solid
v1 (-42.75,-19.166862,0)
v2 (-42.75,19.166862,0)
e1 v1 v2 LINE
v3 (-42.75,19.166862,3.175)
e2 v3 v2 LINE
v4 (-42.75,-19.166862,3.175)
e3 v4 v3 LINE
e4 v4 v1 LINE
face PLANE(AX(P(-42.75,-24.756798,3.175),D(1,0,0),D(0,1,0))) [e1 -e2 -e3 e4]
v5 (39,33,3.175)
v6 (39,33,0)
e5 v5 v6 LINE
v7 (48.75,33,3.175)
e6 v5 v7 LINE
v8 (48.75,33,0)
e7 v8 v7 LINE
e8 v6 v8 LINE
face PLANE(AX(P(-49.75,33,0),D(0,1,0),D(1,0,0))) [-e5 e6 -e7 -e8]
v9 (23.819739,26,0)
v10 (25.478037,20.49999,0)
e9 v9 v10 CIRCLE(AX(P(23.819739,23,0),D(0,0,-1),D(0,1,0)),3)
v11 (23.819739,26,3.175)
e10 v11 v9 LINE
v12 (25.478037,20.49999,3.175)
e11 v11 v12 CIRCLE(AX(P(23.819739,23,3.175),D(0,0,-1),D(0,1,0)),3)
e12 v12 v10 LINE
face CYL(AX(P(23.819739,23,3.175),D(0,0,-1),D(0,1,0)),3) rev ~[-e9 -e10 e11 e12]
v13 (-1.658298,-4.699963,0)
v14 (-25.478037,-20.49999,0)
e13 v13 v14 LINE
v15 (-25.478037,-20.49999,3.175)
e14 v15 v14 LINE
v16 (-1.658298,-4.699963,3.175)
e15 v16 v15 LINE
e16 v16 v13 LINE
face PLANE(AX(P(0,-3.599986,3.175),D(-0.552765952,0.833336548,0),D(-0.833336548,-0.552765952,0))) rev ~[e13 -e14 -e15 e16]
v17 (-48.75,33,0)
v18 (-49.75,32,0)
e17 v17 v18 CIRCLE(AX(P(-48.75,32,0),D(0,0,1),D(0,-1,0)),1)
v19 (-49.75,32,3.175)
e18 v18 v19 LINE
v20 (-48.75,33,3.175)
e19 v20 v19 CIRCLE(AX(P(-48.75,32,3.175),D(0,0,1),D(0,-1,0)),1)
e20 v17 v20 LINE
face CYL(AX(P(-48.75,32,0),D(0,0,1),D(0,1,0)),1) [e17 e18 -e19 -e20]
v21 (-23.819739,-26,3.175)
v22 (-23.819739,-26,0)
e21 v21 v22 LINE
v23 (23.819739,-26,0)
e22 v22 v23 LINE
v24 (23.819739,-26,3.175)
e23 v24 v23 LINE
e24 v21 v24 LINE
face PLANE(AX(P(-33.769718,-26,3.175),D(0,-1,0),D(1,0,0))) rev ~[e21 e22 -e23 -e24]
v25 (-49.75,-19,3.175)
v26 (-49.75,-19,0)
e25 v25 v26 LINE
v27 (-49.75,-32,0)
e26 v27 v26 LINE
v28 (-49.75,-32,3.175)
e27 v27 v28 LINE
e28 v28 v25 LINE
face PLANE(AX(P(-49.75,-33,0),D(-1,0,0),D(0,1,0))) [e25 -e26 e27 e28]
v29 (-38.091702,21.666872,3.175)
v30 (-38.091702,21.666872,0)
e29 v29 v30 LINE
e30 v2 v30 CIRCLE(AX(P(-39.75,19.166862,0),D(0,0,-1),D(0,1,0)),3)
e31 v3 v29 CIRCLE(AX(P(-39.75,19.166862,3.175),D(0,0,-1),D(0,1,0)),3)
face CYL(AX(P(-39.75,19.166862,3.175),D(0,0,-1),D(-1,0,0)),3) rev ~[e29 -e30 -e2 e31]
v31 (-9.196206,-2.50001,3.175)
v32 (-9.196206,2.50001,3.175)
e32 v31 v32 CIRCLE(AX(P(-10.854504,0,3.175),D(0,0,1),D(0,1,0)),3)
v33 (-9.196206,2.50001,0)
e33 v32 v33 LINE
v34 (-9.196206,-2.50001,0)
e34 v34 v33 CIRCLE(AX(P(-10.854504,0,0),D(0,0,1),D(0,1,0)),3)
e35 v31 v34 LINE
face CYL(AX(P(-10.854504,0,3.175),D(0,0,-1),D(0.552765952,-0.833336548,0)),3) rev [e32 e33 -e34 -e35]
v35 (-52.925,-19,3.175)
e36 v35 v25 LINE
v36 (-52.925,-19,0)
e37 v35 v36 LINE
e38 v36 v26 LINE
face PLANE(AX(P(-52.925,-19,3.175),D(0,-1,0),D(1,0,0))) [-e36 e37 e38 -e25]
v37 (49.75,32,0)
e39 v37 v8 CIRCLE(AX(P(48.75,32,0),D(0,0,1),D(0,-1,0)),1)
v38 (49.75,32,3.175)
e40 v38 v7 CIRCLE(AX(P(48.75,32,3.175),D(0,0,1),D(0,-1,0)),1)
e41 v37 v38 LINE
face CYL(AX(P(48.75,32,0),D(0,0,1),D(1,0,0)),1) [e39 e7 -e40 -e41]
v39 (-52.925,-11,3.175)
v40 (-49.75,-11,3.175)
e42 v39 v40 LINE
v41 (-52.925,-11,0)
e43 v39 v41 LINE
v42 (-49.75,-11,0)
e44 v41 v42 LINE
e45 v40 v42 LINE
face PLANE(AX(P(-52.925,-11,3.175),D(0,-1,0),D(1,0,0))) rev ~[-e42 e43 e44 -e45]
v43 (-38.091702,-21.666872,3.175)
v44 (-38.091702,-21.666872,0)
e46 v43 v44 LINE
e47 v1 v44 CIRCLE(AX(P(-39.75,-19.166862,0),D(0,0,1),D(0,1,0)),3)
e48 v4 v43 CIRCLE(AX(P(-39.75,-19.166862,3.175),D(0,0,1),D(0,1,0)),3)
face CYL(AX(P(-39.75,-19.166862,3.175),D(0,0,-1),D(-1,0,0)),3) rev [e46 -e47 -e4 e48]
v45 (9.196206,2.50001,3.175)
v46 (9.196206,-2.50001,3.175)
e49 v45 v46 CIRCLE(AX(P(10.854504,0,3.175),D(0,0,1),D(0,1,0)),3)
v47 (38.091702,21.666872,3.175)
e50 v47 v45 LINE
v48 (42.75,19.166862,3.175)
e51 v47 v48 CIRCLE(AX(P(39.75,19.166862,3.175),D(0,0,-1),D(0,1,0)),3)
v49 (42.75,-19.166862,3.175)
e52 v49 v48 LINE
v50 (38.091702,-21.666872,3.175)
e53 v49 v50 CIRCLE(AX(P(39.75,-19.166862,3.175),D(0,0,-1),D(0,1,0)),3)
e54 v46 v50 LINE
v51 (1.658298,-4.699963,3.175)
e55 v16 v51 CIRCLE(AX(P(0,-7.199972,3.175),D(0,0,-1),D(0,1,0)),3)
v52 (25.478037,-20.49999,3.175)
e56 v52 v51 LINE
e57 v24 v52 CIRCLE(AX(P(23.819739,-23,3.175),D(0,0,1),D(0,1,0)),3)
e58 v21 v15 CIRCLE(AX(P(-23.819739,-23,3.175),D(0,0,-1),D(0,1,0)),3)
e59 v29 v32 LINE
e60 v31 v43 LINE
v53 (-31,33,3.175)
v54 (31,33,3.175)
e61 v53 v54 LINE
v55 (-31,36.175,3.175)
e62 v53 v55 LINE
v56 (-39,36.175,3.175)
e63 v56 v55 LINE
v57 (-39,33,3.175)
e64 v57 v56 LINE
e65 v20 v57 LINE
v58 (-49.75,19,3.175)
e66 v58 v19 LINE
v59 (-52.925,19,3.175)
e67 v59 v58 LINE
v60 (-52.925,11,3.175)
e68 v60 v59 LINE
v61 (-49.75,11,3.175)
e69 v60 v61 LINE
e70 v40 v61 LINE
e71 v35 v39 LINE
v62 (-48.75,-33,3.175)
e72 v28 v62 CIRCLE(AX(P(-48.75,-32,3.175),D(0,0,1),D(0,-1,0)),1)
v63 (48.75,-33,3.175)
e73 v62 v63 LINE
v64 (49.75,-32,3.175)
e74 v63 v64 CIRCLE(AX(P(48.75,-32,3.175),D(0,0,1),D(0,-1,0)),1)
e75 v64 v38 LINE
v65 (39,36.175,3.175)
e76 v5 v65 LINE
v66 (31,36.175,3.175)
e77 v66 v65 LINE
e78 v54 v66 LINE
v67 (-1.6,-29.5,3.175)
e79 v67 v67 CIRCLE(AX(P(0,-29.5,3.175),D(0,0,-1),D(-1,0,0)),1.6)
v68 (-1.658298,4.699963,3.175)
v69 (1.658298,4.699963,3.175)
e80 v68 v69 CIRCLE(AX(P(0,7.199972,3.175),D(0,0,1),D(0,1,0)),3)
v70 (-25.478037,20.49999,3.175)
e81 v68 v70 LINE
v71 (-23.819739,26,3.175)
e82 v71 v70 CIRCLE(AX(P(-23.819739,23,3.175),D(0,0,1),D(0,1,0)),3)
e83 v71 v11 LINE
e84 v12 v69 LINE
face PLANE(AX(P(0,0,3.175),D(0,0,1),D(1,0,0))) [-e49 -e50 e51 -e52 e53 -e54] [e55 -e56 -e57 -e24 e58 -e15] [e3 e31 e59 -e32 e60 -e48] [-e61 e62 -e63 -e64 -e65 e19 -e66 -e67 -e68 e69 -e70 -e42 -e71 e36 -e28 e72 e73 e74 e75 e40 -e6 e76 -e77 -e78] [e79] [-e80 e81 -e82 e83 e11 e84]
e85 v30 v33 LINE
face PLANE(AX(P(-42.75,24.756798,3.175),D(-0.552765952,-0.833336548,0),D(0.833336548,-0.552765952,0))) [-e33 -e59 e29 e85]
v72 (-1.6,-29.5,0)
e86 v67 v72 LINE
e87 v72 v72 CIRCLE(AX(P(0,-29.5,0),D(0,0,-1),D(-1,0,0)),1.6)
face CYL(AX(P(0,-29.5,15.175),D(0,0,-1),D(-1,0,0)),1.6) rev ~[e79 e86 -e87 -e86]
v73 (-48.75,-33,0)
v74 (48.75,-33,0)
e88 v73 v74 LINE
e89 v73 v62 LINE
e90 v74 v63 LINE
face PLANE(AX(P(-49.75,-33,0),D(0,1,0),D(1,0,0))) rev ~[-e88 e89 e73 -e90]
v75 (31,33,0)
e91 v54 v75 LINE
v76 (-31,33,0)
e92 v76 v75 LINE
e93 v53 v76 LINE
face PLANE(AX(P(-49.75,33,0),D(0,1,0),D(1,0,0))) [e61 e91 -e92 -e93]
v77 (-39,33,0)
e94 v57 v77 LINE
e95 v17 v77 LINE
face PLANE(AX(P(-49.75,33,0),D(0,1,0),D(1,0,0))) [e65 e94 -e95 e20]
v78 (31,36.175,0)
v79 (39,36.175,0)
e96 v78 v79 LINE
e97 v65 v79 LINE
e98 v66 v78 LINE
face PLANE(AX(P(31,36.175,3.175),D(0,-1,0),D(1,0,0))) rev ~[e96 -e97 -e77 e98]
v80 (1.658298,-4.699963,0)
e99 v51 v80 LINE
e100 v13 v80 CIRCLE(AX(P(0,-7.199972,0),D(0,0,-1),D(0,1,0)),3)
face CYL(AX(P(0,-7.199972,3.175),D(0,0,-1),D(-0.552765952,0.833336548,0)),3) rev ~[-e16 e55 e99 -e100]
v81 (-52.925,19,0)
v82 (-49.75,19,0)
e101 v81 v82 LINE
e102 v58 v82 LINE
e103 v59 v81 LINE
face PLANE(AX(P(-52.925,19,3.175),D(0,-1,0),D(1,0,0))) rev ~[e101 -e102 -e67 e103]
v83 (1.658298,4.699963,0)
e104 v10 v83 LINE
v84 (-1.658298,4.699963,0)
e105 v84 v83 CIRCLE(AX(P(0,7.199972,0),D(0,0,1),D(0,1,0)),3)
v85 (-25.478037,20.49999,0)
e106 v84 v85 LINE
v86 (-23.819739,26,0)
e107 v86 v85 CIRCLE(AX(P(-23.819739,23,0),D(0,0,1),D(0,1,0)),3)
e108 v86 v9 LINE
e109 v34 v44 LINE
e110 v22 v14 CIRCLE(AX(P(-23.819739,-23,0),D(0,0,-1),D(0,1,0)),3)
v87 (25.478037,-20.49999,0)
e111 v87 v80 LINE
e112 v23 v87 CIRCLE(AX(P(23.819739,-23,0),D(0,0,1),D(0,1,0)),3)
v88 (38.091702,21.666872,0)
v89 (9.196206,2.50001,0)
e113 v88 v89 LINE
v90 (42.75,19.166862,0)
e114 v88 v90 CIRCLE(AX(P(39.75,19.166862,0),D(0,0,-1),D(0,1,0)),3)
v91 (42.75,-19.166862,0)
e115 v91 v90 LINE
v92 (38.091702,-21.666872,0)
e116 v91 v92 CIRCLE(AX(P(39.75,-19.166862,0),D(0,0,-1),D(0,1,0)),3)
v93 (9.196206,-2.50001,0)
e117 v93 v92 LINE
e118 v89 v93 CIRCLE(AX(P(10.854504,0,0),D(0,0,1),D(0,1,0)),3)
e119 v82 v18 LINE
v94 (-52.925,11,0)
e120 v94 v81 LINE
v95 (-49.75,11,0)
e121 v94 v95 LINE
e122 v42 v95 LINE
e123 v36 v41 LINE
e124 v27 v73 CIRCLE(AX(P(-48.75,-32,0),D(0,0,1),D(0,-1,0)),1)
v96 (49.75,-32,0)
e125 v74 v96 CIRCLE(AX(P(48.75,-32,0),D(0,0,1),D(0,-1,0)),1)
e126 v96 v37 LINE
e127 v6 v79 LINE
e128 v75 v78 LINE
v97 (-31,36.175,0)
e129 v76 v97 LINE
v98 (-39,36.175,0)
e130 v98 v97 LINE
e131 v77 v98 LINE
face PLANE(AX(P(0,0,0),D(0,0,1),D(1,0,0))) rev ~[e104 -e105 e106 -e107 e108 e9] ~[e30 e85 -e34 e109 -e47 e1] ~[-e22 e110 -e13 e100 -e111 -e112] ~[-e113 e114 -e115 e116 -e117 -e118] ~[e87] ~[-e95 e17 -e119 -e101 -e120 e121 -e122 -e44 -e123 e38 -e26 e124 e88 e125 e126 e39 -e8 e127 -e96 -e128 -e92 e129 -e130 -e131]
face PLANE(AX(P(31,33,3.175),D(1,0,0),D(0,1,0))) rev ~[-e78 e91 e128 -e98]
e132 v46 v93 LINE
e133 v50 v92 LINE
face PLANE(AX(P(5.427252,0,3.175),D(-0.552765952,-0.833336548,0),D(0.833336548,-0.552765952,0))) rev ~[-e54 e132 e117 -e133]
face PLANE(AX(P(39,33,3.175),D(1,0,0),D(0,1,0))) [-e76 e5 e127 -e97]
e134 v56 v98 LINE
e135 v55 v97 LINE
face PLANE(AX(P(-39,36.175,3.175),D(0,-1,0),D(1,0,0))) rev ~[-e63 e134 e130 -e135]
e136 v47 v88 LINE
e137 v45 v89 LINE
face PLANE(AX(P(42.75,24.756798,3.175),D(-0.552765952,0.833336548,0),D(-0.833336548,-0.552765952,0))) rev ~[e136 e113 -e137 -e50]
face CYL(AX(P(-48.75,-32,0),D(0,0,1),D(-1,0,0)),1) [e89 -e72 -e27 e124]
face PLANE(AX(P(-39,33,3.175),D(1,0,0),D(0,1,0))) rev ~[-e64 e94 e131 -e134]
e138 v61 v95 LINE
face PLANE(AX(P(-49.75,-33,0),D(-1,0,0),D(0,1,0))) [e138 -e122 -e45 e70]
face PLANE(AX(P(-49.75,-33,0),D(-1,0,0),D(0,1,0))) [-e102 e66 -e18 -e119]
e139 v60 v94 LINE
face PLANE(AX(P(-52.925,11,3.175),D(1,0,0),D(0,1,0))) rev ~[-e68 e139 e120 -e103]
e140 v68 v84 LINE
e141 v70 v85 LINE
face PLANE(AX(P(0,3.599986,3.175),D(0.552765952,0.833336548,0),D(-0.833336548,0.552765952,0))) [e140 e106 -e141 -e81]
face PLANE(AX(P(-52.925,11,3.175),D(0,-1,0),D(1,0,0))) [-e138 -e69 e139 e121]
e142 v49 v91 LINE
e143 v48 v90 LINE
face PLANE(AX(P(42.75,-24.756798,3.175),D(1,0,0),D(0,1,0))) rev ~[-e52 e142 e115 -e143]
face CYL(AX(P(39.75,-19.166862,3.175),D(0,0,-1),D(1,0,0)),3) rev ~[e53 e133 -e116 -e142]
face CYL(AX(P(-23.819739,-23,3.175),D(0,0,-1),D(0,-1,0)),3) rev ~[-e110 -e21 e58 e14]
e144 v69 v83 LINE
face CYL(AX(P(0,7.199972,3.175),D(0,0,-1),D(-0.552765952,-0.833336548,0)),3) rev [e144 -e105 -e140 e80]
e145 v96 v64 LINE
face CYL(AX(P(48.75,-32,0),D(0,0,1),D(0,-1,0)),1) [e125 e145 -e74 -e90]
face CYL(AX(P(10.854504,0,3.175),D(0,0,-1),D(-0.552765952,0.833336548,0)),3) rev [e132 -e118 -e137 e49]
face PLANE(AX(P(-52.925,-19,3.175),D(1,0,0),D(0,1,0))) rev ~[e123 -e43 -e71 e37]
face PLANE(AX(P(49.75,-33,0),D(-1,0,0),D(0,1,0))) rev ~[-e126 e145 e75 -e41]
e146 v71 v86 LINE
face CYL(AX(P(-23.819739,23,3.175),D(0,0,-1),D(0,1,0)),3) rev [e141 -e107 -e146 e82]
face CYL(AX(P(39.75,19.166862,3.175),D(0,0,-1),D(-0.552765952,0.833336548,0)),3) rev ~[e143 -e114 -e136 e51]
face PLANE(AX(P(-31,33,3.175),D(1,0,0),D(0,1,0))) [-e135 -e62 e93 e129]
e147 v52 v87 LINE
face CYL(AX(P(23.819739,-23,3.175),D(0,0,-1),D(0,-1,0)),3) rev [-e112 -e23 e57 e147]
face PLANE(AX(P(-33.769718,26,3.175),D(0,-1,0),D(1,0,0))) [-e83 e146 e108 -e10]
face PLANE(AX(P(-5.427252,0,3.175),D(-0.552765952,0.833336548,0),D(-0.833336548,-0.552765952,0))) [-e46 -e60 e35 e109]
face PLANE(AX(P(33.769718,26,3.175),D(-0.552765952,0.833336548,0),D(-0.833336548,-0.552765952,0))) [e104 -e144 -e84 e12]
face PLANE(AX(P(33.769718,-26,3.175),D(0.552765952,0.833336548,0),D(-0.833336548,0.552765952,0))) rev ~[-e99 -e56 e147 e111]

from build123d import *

# Parameters (mm, degrees)
SKETCH1_W                = 99.5
SKETCH1_H                = 66
BOSS_EXTRUDE1_DEPTH      = 3.175
CUT_EXTRUDE1_DEPTH       = 60.784137737
M3_CLEARANCE_HOLE1_D     = 3.2
M3_CLEARANCE_HOLE1_DEPTH = 12
M3_CLEARANCE_HOLE1_TIP   = 0.96137699
SKETCH6_W                = 3.175
SKETCH6_H                = 8
SKETCH6_W_2              = 8
SKETCH6_H_2              = 3.175
BOSS_EXTRUDE2_DEPTH      = 3.175
FILLET1_R                = 3
FILLET2_R                = 1


with BuildPart() as part:
    # Sketch1 → Boss-Extrude1 (new body)
    with BuildSketch(Plane.XY):
        Rectangle(SKETCH1_W, SKETCH1_H)
    extrude(amount=BOSS_EXTRUDE1_DEPTH)

    # Sketch2 → Cut-Extrude1 (cut, through all)
    with BuildSketch(Plane.XY.offset(3.175)):
        Polygon((-42.75, 24.756797808), (-5.427251789, 0), (-42.75, -24.756797808), align=None)
        Polygon((33.769717908, 26), (0, 3.599986111), (-33.769717908, 26), align=None)
        Polygon((42.75, 24.756797808), (5.427251789, 0), (42.75, -24.756797808), align=None)
        Polygon((-33.769717908, -26), (33.769717908, -26), (0, -3.599986111), align=None)
    extrude(amount=-CUT_EXTRUDE1_DEPTH, mode=Mode.SUBTRACT)

    # M3 Clearance Hole1
    with Locations(Plane.XY.offset(3.175)):
        with Locations((0, -29.5)):
            Hole(M3_CLEARANCE_HOLE1_D / 2, depth=M3_CLEARANCE_HOLE1_DEPTH)
            with Locations((0, 0, -(M3_CLEARANCE_HOLE1_DEPTH + M3_CLEARANCE_HOLE1_TIP / 2))):  # 118° drill point
                Cone(0, M3_CLEARANCE_HOLE1_D / 2, M3_CLEARANCE_HOLE1_TIP, mode=Mode.SUBTRACT)

    # Sketch6 → Boss-Extrude2 (add)
    with BuildSketch(Plane.XY.offset(3.175)):
        with Locations((-51.3375, 15)):
            Rectangle(SKETCH6_W, SKETCH6_H)
        with Locations((-51.3375, -15)):
            Rectangle(SKETCH6_W, SKETCH6_H)
        with Locations((-35, 34.5875)):
            Rectangle(SKETCH6_W_2, SKETCH6_H_2)
        with Locations((35, 34.5875)):
            Rectangle(SKETCH6_W_2, SKETCH6_H_2)
    extrude(amount=-BOSS_EXTRUDE2_DEPTH)

    # Fillet1
    fillet1_edges = [part.edges().sort_by_distance(p)[0] for p in [
        (42.75, 24.756797808, 1.5875),
        (42.75, -24.756797808, 1.5875),
        (5.427251789, 0, 1.5875),
        (-33.769717908, 26, 1.5875),
        (33.769717908, 26, 1.5875),
        (0, 3.599986111, 1.5875),
        (0, -3.599986111, 1.5875),
        (33.769717908, -26, 1.5875),
        (-33.769717908, -26, 1.5875),
        (-42.75, -24.756797808, 1.5875),
        (-42.75, 24.756797808, 1.5875),
        (-5.427251789, 0, 1.5875),
    ]]
    fillet(fillet1_edges, radius=FILLET1_R)

    # Fillet2
    fillet2_edges = [part.edges().sort_by_distance(p)[0] for p in [
        (49.75, -33, 1.5875),
        (-49.75, -33, 1.5875),
        (-49.75, 33, 1.5875),
        (49.75, 33, 1.5875),
    ]]
    fillet(fillet2_edges, radius=FILLET2_R)


solid = part.part
